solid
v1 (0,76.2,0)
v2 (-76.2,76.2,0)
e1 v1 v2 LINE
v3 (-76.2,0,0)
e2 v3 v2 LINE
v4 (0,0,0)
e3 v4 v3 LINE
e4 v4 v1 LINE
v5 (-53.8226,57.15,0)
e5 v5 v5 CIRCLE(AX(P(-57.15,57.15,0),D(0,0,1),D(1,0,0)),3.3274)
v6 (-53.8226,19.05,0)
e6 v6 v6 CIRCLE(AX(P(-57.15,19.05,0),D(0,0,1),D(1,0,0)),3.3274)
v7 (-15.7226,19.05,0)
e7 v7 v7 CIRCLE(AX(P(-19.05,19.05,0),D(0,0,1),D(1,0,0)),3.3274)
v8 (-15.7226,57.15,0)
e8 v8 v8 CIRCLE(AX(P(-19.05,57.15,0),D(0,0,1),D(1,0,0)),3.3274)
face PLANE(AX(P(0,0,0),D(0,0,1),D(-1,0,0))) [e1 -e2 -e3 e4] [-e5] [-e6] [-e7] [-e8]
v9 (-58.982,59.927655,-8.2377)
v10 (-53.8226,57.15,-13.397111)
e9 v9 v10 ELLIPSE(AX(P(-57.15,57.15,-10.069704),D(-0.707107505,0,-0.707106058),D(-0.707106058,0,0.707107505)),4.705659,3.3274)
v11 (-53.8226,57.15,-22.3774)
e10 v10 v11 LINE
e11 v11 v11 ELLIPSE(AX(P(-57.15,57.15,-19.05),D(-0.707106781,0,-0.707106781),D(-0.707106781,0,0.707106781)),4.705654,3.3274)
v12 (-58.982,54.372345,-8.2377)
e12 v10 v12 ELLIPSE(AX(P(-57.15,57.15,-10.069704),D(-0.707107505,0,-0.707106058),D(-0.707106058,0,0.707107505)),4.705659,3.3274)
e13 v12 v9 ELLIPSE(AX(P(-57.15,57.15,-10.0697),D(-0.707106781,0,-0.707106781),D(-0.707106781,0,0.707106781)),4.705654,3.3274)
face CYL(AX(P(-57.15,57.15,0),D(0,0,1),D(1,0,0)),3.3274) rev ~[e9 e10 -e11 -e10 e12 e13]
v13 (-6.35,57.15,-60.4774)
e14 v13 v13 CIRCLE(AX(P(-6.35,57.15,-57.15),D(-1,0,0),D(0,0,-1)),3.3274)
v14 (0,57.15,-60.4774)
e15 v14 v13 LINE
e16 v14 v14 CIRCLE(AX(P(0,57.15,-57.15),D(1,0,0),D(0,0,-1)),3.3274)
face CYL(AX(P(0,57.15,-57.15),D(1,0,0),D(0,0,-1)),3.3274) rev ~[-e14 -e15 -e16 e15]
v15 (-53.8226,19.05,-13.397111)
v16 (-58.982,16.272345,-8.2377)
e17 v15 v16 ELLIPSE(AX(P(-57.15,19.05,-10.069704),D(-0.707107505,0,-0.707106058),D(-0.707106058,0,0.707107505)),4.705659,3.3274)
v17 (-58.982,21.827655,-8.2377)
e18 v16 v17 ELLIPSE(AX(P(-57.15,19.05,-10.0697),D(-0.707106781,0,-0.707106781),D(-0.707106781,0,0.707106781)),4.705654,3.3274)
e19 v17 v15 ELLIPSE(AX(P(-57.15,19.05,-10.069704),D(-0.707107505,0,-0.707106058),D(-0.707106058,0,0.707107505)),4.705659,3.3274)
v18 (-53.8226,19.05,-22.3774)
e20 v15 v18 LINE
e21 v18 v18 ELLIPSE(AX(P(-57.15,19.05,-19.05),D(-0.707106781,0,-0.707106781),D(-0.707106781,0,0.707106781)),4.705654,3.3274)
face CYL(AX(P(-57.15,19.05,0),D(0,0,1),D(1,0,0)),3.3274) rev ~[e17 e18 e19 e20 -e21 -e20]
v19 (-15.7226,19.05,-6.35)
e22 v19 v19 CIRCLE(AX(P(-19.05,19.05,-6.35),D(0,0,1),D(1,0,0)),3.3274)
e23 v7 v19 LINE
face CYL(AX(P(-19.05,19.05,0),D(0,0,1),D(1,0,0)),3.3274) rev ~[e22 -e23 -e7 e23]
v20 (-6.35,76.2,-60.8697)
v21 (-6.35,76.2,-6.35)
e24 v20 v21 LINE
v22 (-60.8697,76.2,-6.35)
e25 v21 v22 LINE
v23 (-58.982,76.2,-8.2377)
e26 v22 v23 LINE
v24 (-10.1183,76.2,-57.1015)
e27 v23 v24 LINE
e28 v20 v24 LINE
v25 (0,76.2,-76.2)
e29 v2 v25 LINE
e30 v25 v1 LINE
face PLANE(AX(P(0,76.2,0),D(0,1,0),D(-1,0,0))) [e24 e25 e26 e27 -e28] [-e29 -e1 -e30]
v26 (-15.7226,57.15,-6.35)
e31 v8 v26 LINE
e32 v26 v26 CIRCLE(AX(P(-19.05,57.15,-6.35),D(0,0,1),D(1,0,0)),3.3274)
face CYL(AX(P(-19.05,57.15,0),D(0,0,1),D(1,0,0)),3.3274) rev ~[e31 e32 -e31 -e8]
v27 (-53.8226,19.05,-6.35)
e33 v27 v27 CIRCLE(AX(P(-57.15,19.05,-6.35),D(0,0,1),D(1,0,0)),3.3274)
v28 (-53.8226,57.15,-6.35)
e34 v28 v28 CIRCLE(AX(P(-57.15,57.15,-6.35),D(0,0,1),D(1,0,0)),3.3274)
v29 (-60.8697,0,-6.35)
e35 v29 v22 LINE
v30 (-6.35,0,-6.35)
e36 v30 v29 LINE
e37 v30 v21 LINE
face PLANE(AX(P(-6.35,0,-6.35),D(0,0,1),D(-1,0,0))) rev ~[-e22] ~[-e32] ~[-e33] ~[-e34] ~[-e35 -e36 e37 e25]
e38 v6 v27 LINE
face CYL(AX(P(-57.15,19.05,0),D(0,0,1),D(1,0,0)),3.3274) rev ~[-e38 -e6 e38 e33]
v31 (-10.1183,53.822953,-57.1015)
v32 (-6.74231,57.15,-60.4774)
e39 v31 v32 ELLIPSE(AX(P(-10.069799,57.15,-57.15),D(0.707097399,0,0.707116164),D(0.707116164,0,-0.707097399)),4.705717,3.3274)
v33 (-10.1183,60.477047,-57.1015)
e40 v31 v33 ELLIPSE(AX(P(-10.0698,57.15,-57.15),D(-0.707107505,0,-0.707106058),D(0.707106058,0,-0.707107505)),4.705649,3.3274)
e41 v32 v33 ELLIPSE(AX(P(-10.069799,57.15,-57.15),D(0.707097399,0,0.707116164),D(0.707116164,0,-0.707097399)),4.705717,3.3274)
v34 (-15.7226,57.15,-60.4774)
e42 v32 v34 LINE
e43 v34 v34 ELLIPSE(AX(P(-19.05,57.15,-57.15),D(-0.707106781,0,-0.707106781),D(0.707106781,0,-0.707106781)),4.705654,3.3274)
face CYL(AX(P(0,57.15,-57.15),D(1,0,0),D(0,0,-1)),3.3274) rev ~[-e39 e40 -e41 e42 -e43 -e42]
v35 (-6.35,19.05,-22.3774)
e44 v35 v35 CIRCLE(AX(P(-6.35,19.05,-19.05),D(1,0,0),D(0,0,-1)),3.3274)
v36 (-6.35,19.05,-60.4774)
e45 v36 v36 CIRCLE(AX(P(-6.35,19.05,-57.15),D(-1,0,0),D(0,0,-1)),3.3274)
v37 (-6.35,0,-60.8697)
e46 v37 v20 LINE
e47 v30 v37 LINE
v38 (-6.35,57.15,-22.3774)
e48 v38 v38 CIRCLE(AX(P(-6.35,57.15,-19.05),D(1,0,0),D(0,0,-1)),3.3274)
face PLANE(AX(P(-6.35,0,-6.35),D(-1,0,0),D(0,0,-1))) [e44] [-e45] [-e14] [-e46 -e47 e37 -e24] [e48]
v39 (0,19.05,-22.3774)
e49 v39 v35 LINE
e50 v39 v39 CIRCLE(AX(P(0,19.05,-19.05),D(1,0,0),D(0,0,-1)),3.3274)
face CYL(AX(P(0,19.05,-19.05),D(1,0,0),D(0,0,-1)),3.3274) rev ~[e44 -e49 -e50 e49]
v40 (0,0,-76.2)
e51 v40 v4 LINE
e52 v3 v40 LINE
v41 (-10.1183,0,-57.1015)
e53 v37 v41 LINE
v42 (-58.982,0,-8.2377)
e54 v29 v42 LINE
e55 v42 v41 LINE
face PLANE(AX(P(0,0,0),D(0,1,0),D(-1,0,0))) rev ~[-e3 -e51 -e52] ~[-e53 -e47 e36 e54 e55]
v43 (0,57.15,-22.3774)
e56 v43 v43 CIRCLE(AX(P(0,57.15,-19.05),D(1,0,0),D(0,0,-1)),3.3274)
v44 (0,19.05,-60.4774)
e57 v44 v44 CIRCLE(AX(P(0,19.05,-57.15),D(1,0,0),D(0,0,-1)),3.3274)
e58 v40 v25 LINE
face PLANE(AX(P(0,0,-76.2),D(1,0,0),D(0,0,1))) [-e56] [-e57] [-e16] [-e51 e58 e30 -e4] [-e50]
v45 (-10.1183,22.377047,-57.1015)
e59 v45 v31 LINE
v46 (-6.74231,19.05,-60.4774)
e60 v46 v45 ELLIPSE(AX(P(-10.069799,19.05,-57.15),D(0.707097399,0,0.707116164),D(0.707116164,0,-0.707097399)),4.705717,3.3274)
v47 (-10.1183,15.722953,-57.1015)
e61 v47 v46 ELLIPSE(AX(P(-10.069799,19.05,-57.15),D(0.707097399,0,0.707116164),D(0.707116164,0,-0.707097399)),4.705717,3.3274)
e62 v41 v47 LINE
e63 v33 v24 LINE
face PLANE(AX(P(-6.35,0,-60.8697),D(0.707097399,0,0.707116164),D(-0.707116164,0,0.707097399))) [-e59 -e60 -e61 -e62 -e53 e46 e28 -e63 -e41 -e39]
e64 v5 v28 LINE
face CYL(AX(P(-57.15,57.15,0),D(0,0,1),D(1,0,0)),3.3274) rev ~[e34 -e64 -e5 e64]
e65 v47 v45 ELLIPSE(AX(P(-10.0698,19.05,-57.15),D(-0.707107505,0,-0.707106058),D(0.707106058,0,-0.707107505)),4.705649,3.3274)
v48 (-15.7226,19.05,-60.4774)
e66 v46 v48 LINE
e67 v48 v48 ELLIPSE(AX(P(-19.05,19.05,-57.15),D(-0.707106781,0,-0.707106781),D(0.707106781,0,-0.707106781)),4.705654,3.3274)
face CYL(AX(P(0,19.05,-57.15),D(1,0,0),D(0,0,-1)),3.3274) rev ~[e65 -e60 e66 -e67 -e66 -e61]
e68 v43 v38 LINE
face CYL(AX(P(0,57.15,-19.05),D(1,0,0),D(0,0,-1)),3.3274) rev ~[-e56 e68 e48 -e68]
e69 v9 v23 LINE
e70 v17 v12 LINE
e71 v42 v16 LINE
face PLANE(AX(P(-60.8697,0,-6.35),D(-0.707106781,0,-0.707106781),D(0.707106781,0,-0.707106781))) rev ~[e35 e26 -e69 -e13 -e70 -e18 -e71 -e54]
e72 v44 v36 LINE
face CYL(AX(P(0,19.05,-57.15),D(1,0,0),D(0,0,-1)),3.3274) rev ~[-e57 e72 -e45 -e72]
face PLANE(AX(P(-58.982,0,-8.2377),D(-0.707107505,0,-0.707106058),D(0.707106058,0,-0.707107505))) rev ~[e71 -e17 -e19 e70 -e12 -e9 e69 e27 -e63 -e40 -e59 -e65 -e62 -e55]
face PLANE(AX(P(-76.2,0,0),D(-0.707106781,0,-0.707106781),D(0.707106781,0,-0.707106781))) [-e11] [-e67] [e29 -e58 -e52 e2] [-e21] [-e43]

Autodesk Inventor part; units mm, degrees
ref_plane "YZ Plane" through (0, 0, 0) normal (1, 0, 0) x (0, 1, 0)
ref_plane "XZ Plane" through (0, 0, 0) normal (0, 1, 0) x (-1, 0, 0)
ref_plane "XY Plane" through (0, 0, 0) normal (0, 0, 1) x (1, 0, 0)
sketch "Sketch1" plane through (0, 0, 0) normal (0, 1, 0) x (-1, 0, 0)
  line L0 (0, 0) -> (76.2, 0)
  line L1 (0, -76.2) -> (0, 0)
  line L2 (76.2, 0) -> (0, -76.2)
  line L3 (6.35, -6.35) -> (6.35, -58.8833)
  line L4 (58.982, -8.2377) -> (10.1183, -57.1015)
  line L5 (6.35, -6.35) -> (60.8697, -6.35)
  line L6 (60.8697, -6.35) -> (58.982, -8.2377)
  line L7 (6.35, -58.8833) -> (6.35, -60.8697)
  line L8 (6.35, -60.8697) -> (10.1183, -57.1015)
  dimension "d5" = 76.2
  dimension "d6" = 76.2
  dimension "d7" = 6.35
  dimension "d9" = 6.35
extrude "Extrusion1" add sketch "Sketch1" along normal blind 76.2
sketch "Sketch2" plane through (0, 0, 0) normal (1, 0, 0) x (0, 0, -1)
  circle A0 centre (19.05, 19.05) radius 3.3274
  circle A1 centre (57.15, 19.05) radius 3.3274
  circle A2 centre (57.15, 57.15) radius 3.3274
  circle A3 centre (19.05, 57.15) radius 3.3274
  line L0 (0, 76.2) -> (76.2, 76.2) projected
  line L1 (76.2, 0) -> (76.2, 76.2) projected
  line L2 (76.2, 0) -> (0, 0) projected
  line L3 (0, 0) -> (0, 76.2) projected
  dimension "d12" = 6.6548
  dimension "d13" = 6.6548
  dimension "d14" = 6.6548
  dimension "d15" = 6.6548
  dimension "d16" = 19.05
  dimension "d17" = 19.05
  dimension "d18" = 19.05
  dimension "d19" = 19.05
  dimension "d20" = 19.05
  dimension "d21" = 19.05
  dimension "d22" = 19.05
  dimension "d23" = 19.05
extrude "Extrusion2" cut sketch "Sketch2" against normal blind 25.4 contours A0 | A1 | A2 | A3
sketch "Sketch3" plane through (-76.2, 0, 0) normal (0, 0, 1) x (1, 0, 0)
  circle A0 centre (57.15, 19.05) radius 3.3274
  circle A1 centre (19.05, 19.05) radius 3.3274
  circle A2 centre (19.05, 57.15) radius 3.3274
  circle A3 centre (57.15, 57.15) radius 3.3274
  line L0 (76.2, 0) -> (0, 0) projected
  line L1 (76.2, 0) -> (76.2, 76.2) projected
  line L2 (0, 76.2) -> (76.2, 76.2) projected
  line L3 (0, 0) -> (0, 76.2) projected
  dimension "d26" = 6.6548
  dimension "d27" = 6.6548
  dimension "d28" = 6.6548
  dimension "d29" = 6.6548
  dimension "d30" = 19.05
  dimension "d31" = 19.05
  dimension "d32" = 19.05
  dimension "d33" = 19.05
  dimension "d34" = 19.05
  dimension "d35" = 19.05
  dimension "d36" = 19.05
  dimension "d37" = 19.05
extrude "Extrusion3" cut sketch "Sketch3" against normal blind 25.4 contours A0 | A1 | A2 | A3
properties part number "15series_3inchCorner"
